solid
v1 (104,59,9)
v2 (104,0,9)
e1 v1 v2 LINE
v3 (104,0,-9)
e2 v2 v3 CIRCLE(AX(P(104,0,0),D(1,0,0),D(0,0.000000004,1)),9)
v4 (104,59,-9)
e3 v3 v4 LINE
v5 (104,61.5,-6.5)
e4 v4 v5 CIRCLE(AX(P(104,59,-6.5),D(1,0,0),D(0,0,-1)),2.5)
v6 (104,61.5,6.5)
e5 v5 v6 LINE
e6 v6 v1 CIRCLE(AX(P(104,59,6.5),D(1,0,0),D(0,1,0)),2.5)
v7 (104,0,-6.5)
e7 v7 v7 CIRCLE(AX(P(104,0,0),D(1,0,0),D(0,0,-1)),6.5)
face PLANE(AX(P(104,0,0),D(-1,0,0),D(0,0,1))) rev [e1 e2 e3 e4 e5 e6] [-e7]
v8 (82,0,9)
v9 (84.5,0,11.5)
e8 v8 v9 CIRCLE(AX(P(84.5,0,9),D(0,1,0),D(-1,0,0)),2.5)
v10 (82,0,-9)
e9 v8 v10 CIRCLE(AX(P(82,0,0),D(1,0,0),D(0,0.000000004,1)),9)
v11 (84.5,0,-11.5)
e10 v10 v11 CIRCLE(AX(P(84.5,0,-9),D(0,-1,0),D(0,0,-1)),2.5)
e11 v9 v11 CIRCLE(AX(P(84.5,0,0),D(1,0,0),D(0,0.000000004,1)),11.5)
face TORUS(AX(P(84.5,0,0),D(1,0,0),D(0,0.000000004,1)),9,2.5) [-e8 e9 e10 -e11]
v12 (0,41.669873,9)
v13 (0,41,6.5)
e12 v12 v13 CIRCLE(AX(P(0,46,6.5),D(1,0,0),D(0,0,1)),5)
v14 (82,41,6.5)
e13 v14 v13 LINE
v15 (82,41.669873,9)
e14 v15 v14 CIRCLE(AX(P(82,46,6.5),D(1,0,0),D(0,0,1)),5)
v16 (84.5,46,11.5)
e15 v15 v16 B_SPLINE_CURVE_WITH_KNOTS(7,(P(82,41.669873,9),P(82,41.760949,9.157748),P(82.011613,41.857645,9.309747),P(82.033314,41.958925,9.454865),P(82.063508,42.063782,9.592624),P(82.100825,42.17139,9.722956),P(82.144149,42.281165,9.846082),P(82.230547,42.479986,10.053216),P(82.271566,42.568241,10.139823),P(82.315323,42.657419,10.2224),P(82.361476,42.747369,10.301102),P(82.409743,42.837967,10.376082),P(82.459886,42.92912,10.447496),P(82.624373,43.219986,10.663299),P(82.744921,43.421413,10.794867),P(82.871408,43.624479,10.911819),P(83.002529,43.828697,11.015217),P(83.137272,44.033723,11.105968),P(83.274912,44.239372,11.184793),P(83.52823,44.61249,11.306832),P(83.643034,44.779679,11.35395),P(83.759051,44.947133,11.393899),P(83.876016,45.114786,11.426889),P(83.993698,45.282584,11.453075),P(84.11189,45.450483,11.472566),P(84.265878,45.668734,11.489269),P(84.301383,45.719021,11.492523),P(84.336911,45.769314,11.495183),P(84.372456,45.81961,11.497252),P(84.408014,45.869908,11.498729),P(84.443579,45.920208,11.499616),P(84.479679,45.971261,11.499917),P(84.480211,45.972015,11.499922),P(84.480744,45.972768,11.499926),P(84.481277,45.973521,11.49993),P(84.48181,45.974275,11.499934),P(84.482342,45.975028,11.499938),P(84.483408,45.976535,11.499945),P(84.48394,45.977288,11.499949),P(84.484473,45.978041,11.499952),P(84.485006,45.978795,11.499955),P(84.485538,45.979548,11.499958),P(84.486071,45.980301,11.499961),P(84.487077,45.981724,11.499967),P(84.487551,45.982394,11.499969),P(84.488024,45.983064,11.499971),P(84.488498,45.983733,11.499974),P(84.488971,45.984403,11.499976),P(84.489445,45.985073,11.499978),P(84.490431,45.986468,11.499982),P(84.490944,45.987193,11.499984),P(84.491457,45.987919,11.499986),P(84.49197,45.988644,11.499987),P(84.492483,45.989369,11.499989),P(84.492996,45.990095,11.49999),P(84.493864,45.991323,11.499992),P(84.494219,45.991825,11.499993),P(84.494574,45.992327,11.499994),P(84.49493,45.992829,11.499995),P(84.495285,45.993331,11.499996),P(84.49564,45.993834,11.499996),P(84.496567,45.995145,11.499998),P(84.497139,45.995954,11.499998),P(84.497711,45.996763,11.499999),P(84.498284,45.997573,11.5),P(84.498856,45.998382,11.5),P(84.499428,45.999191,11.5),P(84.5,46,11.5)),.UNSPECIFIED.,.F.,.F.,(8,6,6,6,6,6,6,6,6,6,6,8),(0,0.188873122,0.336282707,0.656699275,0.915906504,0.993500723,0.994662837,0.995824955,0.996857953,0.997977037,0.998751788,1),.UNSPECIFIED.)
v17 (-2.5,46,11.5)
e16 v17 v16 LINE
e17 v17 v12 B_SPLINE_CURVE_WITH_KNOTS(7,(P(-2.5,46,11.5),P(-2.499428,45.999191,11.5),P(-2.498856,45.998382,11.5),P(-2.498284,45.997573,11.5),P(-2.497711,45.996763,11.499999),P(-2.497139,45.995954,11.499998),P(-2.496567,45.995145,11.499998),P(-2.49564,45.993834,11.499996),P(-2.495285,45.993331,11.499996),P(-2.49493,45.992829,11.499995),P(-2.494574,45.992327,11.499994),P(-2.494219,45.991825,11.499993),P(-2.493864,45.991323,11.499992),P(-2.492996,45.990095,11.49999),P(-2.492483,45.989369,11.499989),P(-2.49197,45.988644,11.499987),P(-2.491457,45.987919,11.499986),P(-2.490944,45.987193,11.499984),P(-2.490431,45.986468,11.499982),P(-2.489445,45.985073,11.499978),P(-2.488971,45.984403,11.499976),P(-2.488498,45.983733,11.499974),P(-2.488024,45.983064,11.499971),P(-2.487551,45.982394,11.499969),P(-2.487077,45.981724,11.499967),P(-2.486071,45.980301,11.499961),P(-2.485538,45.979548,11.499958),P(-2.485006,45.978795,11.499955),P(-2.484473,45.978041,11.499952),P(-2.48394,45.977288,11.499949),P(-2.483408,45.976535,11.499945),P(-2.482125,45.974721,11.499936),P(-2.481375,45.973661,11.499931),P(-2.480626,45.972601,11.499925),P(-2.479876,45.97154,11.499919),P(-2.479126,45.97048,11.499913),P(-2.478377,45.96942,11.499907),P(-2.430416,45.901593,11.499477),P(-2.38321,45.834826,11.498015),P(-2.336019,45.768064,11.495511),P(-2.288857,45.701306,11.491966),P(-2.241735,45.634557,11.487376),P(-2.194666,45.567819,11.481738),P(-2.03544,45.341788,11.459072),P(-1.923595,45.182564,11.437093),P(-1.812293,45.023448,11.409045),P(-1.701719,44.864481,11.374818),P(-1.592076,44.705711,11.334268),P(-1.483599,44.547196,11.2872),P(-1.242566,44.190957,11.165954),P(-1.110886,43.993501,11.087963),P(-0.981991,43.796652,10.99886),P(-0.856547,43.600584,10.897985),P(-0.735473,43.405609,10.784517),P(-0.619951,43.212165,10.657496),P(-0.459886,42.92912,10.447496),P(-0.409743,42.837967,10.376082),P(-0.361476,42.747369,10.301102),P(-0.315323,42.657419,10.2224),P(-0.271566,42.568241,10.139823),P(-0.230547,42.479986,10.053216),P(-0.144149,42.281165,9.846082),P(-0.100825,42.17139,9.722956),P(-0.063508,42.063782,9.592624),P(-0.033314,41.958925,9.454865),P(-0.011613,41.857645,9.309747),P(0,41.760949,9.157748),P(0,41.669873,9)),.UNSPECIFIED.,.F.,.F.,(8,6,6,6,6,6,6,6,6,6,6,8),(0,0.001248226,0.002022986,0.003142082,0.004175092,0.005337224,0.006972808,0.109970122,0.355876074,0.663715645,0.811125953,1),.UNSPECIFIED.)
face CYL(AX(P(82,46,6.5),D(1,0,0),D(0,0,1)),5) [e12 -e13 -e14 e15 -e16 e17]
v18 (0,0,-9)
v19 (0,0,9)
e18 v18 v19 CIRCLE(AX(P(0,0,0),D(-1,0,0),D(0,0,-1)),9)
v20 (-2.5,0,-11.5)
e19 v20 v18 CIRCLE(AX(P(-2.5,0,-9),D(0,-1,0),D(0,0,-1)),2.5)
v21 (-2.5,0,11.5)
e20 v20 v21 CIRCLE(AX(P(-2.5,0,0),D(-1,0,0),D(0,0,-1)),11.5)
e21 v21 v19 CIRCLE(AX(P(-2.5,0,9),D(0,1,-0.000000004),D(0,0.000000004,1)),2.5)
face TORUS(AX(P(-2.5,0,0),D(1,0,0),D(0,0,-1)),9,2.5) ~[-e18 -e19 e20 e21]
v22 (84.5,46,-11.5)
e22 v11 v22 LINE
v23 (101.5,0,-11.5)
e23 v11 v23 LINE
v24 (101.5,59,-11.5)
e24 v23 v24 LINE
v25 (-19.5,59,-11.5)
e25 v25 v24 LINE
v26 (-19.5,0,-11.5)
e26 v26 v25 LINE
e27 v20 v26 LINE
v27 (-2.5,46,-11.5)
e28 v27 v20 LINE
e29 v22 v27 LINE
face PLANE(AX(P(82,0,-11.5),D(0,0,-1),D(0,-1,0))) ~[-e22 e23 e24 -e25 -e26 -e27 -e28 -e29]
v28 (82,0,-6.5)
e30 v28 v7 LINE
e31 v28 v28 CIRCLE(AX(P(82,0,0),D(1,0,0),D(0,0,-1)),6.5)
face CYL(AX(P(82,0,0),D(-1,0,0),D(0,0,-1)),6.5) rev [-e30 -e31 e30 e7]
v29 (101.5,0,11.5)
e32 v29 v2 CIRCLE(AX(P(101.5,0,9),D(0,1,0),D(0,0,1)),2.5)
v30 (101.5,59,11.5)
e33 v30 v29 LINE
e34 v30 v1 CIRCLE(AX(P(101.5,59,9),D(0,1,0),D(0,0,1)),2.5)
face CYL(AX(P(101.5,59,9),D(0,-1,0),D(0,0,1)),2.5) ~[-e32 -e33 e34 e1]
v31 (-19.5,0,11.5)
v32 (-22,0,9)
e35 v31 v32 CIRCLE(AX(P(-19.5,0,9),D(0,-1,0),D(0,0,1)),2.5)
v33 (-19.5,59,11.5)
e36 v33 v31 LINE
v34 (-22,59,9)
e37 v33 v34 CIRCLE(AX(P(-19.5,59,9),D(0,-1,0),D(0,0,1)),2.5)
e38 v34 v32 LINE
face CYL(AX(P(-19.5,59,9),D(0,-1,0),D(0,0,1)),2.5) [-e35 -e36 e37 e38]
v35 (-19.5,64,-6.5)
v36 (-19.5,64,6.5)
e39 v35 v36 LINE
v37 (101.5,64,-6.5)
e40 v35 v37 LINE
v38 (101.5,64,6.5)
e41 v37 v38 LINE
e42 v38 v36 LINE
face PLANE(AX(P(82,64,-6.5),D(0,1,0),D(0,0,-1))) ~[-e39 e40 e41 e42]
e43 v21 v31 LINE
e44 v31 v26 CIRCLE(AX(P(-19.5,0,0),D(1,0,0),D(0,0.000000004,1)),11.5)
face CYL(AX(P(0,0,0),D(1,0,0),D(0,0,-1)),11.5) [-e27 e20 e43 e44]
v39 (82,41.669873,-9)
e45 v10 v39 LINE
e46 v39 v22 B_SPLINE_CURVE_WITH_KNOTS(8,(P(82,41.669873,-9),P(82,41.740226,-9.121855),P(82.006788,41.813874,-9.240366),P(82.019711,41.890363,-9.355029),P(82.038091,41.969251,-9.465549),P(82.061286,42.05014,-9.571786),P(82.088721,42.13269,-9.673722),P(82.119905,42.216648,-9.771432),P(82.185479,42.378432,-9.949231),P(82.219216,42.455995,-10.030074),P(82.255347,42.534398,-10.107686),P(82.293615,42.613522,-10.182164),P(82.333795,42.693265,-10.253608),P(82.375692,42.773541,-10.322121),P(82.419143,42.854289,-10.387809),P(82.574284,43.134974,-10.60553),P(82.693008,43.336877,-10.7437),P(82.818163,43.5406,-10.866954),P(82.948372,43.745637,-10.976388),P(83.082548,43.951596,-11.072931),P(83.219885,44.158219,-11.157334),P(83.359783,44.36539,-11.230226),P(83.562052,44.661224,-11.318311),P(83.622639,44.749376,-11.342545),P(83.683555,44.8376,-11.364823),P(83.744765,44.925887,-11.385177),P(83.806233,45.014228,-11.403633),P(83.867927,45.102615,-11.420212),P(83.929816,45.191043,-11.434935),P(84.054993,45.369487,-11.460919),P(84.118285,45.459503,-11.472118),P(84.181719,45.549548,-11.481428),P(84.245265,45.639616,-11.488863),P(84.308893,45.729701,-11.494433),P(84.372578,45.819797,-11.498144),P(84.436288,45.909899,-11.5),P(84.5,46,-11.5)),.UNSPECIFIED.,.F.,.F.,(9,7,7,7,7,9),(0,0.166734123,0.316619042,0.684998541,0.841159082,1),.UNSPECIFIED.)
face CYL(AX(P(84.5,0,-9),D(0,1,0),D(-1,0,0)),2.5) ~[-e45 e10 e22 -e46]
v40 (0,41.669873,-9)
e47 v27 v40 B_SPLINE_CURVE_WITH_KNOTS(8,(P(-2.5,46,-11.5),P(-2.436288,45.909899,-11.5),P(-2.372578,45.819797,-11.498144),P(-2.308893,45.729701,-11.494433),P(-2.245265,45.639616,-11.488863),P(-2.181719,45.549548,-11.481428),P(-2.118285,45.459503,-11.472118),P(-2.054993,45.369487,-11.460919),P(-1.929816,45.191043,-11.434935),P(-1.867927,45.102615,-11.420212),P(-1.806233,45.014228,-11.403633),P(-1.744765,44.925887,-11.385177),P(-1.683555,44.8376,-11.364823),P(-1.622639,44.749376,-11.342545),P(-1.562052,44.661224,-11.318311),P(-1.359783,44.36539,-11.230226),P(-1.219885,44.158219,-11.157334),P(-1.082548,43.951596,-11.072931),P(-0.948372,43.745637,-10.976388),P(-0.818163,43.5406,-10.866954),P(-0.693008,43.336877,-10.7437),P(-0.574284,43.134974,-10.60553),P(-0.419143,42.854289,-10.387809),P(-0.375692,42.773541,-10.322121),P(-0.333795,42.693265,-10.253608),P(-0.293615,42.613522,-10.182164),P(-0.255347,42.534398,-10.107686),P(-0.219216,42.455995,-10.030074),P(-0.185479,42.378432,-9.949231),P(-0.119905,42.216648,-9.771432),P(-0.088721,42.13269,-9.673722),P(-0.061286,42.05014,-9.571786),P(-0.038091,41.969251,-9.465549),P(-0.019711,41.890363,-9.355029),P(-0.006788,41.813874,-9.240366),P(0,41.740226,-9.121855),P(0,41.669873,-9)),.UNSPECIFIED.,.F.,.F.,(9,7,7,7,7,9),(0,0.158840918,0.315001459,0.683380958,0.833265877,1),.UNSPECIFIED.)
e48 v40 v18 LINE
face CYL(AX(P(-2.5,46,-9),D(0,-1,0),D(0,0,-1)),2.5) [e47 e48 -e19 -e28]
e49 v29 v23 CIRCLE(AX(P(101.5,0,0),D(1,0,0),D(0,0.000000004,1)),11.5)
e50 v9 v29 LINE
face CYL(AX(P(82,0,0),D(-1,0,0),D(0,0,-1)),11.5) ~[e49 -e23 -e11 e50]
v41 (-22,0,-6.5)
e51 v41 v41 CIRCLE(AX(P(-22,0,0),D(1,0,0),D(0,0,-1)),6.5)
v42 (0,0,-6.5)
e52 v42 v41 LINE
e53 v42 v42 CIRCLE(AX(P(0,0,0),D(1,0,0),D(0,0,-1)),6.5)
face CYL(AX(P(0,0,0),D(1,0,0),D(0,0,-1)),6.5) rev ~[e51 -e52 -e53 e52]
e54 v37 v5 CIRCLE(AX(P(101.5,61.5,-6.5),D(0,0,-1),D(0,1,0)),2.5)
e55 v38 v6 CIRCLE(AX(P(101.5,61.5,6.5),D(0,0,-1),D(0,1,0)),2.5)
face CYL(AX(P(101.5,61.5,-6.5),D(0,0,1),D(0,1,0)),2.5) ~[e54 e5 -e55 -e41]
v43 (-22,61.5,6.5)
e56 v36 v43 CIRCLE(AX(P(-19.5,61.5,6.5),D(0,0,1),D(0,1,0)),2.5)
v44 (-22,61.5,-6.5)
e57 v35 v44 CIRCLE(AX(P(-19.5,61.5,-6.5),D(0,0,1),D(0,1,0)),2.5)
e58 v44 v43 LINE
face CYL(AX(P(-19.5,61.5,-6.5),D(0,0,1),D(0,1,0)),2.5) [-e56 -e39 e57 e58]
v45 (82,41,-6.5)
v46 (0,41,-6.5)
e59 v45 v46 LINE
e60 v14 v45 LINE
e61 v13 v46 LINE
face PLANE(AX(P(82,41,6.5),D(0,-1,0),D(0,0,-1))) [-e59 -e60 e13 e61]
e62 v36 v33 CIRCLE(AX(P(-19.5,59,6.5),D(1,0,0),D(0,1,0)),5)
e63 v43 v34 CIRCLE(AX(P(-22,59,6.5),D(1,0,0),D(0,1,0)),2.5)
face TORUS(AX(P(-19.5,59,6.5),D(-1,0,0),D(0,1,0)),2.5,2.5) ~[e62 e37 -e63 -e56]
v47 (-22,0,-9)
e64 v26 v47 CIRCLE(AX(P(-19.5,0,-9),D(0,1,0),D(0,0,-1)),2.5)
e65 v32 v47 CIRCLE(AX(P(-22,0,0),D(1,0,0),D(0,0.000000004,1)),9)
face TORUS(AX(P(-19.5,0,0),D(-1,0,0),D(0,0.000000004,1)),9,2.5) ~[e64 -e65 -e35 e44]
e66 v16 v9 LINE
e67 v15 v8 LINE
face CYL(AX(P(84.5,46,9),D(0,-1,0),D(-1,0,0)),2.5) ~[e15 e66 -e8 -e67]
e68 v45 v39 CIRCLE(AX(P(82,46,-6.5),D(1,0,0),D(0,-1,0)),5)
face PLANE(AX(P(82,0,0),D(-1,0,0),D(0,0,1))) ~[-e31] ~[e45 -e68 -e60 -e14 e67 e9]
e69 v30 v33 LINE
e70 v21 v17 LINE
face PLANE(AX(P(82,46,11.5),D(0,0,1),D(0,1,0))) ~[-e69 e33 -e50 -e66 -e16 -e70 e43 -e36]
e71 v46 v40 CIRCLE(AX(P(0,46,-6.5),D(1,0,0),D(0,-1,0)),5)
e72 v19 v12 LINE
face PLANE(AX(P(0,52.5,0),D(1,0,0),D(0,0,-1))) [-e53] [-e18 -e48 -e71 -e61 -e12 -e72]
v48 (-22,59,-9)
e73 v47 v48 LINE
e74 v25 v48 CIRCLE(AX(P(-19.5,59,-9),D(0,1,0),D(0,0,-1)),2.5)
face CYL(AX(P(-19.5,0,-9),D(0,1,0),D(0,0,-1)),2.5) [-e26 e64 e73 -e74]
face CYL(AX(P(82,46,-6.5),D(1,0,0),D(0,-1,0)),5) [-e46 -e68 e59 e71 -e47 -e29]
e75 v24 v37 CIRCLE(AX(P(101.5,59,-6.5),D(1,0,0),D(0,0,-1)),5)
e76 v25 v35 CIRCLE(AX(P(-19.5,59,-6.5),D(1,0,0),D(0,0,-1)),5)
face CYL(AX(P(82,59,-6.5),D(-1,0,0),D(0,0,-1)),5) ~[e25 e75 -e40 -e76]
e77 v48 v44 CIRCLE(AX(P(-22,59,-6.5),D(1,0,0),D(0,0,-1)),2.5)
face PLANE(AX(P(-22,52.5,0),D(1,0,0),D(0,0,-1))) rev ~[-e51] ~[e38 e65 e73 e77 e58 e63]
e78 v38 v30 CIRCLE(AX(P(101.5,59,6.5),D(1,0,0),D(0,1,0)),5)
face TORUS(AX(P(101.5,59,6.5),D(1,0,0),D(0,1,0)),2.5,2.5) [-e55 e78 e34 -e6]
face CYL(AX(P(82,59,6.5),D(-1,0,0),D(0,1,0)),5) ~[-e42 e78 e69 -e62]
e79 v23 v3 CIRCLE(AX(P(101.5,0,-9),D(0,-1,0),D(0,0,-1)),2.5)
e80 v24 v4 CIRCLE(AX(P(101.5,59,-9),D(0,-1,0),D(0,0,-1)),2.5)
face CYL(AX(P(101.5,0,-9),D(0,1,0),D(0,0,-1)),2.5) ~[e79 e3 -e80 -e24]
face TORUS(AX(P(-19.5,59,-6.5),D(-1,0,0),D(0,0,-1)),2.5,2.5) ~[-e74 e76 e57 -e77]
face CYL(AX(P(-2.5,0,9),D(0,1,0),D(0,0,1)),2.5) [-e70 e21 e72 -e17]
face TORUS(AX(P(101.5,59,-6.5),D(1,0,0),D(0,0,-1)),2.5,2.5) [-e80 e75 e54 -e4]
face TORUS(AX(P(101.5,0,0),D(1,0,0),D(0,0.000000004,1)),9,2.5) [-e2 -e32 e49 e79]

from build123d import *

# Parameters (mm, degrees)
SKETCH1_R            = 6.5
BOSS_EXTRUDE1_DEPTH  = 22
BOSS_EXTRUDE3_START  = 82
BOSS_EXTRUDE3_DEPTH  = 82
FILLET3_R            = 2.5
FILLET3_OF_MIRROR1_R = 2.5


with BuildPart() as part:
    # Sketch1 → Boss-Extrude1 (new body)
    with BuildSketch(Plane(origin=(0, 0, 0), x_dir=(0, 0, -1), z_dir=(1, 0, 0))):
        with BuildLine():
            ThreePointArc((-11.500000000000002, 5.047646664e-08), (-2.523822962e-08, -11.500000000000002), (11.500000000000002, -2.82e-15))
            Line((11.500000000000002, 0), (11.499999999999998, 59.00000000000001))
            ThreePointArc((11.499999999999998, 59.00000000000001), (10.035533905932727, 62.53553390593273), (6.5, 63.999999999999986))
            Line((6.5, 63.999999999999986), (-6.5, 64))
            ThreePointArc((-6.5, 64), (-10.035533905932738, 62.53553390593274), (-11.5, 59))
            Line((-11.5, 59), (-11.5, 5.047646567e-08))
        make_face()
        Circle(SKETCH1_R, mode=Mode.SUBTRACT)
    boss_extrude1 = extrude(amount=-BOSS_EXTRUDE1_DEPTH)

    # Sketch1<4> → Boss-Extrude3 (add)
    with BuildSketch(Plane(origin=(0, 0, 0), x_dir=(0, 0, -1), z_dir=(1, 0, 0)).offset(BOSS_EXTRUDE3_START)):
        with BuildLine():
            Line((-11.5, 58.99999999999999), (-11.5, 46))
            ThreePointArc((-11.499999999999996, 46), (-10.035533905932734, 42.46446609406726), (-6.499999999999998, 41))
            Line((-6.499999999999997, 41), (6.500000000000003, 41))
            ThreePointArc((6.500000000000003, 41), (10.035533905932741, 42.46446609406726), (11.500000000000004, 46))
            Line((11.499999999999998, 46), (11.499999999999998, 59.00000000000001))
            ThreePointArc((11.499999999999998, 59.00000000000001), (10.035533905932727, 62.53553390593273), (6.5, 63.999999999999986))
            Line((6.5, 63.999999999999986), (-6.5, 64))
            ThreePointArc((-6.5, 64), (-10.035533905932738, 62.53553390593274), (-11.5, 59))
        make_face()
    extrude(amount=-BOSS_EXTRUDE3_DEPTH)

    # Fillet3
    fillet3_edges = [part.edges().sort_by_distance(p)[0] for p in [
        (-22, -11.500000000000002, 2.523823384e-08),
        (-22, 29.500000025238233, 11.5),
        (-22, 62.53553390593274, 10.035533905932738),
        (-22, 63.99999999999999, 0),
        (-22, 62.53553390593273, -10.035533905932729),
        (-22, 29.500000000000004, -11.5),
        (0, 23, -11.5),
        (0, -11.500000000000002, 2.523823384e-08),
        (0, 23.000000025238236, 11.5),
    ]]
    fillet(fillet3_edges, radius=FILLET3_R)

    # Mirror1: Boss-Extrude1 across plane
    add(boss_extrude1.mirror(Plane(origin=(41.00000000000001, 0, 0), x_dir=(0, 0, 1), z_dir=(1, 0, 0))))

    # Fillet3 of Mirror1
    fillet3_of_mirror1_edges = [part.edges().sort_by_distance(p)[0] for p in [
        (104.00000000000001, -11.500000000000002, 2.523823384e-08),
        (104.00000000000001, 29.500000025238233, 11.5),
        (104.00000000000001, 62.53553390593274, 10.035533905932738),
        (104.00000000000001, 63.99999999999999, 0),
        (104.00000000000001, 62.53553390593273, -10.035533905932729),
        (104.00000000000001, 29.500000000000004, -11.5),
        (82.00000000000001, 23, -11.5),
        (82.00000000000001, -11.500000000000002, 2.523823384e-08),
        (82.00000000000001, 23.000000025238236, 11.5),
    ]]
    fillet(fillet3_of_mirror1_edges, radius=FILLET3_OF_MIRROR1_R)


solid = part.part
